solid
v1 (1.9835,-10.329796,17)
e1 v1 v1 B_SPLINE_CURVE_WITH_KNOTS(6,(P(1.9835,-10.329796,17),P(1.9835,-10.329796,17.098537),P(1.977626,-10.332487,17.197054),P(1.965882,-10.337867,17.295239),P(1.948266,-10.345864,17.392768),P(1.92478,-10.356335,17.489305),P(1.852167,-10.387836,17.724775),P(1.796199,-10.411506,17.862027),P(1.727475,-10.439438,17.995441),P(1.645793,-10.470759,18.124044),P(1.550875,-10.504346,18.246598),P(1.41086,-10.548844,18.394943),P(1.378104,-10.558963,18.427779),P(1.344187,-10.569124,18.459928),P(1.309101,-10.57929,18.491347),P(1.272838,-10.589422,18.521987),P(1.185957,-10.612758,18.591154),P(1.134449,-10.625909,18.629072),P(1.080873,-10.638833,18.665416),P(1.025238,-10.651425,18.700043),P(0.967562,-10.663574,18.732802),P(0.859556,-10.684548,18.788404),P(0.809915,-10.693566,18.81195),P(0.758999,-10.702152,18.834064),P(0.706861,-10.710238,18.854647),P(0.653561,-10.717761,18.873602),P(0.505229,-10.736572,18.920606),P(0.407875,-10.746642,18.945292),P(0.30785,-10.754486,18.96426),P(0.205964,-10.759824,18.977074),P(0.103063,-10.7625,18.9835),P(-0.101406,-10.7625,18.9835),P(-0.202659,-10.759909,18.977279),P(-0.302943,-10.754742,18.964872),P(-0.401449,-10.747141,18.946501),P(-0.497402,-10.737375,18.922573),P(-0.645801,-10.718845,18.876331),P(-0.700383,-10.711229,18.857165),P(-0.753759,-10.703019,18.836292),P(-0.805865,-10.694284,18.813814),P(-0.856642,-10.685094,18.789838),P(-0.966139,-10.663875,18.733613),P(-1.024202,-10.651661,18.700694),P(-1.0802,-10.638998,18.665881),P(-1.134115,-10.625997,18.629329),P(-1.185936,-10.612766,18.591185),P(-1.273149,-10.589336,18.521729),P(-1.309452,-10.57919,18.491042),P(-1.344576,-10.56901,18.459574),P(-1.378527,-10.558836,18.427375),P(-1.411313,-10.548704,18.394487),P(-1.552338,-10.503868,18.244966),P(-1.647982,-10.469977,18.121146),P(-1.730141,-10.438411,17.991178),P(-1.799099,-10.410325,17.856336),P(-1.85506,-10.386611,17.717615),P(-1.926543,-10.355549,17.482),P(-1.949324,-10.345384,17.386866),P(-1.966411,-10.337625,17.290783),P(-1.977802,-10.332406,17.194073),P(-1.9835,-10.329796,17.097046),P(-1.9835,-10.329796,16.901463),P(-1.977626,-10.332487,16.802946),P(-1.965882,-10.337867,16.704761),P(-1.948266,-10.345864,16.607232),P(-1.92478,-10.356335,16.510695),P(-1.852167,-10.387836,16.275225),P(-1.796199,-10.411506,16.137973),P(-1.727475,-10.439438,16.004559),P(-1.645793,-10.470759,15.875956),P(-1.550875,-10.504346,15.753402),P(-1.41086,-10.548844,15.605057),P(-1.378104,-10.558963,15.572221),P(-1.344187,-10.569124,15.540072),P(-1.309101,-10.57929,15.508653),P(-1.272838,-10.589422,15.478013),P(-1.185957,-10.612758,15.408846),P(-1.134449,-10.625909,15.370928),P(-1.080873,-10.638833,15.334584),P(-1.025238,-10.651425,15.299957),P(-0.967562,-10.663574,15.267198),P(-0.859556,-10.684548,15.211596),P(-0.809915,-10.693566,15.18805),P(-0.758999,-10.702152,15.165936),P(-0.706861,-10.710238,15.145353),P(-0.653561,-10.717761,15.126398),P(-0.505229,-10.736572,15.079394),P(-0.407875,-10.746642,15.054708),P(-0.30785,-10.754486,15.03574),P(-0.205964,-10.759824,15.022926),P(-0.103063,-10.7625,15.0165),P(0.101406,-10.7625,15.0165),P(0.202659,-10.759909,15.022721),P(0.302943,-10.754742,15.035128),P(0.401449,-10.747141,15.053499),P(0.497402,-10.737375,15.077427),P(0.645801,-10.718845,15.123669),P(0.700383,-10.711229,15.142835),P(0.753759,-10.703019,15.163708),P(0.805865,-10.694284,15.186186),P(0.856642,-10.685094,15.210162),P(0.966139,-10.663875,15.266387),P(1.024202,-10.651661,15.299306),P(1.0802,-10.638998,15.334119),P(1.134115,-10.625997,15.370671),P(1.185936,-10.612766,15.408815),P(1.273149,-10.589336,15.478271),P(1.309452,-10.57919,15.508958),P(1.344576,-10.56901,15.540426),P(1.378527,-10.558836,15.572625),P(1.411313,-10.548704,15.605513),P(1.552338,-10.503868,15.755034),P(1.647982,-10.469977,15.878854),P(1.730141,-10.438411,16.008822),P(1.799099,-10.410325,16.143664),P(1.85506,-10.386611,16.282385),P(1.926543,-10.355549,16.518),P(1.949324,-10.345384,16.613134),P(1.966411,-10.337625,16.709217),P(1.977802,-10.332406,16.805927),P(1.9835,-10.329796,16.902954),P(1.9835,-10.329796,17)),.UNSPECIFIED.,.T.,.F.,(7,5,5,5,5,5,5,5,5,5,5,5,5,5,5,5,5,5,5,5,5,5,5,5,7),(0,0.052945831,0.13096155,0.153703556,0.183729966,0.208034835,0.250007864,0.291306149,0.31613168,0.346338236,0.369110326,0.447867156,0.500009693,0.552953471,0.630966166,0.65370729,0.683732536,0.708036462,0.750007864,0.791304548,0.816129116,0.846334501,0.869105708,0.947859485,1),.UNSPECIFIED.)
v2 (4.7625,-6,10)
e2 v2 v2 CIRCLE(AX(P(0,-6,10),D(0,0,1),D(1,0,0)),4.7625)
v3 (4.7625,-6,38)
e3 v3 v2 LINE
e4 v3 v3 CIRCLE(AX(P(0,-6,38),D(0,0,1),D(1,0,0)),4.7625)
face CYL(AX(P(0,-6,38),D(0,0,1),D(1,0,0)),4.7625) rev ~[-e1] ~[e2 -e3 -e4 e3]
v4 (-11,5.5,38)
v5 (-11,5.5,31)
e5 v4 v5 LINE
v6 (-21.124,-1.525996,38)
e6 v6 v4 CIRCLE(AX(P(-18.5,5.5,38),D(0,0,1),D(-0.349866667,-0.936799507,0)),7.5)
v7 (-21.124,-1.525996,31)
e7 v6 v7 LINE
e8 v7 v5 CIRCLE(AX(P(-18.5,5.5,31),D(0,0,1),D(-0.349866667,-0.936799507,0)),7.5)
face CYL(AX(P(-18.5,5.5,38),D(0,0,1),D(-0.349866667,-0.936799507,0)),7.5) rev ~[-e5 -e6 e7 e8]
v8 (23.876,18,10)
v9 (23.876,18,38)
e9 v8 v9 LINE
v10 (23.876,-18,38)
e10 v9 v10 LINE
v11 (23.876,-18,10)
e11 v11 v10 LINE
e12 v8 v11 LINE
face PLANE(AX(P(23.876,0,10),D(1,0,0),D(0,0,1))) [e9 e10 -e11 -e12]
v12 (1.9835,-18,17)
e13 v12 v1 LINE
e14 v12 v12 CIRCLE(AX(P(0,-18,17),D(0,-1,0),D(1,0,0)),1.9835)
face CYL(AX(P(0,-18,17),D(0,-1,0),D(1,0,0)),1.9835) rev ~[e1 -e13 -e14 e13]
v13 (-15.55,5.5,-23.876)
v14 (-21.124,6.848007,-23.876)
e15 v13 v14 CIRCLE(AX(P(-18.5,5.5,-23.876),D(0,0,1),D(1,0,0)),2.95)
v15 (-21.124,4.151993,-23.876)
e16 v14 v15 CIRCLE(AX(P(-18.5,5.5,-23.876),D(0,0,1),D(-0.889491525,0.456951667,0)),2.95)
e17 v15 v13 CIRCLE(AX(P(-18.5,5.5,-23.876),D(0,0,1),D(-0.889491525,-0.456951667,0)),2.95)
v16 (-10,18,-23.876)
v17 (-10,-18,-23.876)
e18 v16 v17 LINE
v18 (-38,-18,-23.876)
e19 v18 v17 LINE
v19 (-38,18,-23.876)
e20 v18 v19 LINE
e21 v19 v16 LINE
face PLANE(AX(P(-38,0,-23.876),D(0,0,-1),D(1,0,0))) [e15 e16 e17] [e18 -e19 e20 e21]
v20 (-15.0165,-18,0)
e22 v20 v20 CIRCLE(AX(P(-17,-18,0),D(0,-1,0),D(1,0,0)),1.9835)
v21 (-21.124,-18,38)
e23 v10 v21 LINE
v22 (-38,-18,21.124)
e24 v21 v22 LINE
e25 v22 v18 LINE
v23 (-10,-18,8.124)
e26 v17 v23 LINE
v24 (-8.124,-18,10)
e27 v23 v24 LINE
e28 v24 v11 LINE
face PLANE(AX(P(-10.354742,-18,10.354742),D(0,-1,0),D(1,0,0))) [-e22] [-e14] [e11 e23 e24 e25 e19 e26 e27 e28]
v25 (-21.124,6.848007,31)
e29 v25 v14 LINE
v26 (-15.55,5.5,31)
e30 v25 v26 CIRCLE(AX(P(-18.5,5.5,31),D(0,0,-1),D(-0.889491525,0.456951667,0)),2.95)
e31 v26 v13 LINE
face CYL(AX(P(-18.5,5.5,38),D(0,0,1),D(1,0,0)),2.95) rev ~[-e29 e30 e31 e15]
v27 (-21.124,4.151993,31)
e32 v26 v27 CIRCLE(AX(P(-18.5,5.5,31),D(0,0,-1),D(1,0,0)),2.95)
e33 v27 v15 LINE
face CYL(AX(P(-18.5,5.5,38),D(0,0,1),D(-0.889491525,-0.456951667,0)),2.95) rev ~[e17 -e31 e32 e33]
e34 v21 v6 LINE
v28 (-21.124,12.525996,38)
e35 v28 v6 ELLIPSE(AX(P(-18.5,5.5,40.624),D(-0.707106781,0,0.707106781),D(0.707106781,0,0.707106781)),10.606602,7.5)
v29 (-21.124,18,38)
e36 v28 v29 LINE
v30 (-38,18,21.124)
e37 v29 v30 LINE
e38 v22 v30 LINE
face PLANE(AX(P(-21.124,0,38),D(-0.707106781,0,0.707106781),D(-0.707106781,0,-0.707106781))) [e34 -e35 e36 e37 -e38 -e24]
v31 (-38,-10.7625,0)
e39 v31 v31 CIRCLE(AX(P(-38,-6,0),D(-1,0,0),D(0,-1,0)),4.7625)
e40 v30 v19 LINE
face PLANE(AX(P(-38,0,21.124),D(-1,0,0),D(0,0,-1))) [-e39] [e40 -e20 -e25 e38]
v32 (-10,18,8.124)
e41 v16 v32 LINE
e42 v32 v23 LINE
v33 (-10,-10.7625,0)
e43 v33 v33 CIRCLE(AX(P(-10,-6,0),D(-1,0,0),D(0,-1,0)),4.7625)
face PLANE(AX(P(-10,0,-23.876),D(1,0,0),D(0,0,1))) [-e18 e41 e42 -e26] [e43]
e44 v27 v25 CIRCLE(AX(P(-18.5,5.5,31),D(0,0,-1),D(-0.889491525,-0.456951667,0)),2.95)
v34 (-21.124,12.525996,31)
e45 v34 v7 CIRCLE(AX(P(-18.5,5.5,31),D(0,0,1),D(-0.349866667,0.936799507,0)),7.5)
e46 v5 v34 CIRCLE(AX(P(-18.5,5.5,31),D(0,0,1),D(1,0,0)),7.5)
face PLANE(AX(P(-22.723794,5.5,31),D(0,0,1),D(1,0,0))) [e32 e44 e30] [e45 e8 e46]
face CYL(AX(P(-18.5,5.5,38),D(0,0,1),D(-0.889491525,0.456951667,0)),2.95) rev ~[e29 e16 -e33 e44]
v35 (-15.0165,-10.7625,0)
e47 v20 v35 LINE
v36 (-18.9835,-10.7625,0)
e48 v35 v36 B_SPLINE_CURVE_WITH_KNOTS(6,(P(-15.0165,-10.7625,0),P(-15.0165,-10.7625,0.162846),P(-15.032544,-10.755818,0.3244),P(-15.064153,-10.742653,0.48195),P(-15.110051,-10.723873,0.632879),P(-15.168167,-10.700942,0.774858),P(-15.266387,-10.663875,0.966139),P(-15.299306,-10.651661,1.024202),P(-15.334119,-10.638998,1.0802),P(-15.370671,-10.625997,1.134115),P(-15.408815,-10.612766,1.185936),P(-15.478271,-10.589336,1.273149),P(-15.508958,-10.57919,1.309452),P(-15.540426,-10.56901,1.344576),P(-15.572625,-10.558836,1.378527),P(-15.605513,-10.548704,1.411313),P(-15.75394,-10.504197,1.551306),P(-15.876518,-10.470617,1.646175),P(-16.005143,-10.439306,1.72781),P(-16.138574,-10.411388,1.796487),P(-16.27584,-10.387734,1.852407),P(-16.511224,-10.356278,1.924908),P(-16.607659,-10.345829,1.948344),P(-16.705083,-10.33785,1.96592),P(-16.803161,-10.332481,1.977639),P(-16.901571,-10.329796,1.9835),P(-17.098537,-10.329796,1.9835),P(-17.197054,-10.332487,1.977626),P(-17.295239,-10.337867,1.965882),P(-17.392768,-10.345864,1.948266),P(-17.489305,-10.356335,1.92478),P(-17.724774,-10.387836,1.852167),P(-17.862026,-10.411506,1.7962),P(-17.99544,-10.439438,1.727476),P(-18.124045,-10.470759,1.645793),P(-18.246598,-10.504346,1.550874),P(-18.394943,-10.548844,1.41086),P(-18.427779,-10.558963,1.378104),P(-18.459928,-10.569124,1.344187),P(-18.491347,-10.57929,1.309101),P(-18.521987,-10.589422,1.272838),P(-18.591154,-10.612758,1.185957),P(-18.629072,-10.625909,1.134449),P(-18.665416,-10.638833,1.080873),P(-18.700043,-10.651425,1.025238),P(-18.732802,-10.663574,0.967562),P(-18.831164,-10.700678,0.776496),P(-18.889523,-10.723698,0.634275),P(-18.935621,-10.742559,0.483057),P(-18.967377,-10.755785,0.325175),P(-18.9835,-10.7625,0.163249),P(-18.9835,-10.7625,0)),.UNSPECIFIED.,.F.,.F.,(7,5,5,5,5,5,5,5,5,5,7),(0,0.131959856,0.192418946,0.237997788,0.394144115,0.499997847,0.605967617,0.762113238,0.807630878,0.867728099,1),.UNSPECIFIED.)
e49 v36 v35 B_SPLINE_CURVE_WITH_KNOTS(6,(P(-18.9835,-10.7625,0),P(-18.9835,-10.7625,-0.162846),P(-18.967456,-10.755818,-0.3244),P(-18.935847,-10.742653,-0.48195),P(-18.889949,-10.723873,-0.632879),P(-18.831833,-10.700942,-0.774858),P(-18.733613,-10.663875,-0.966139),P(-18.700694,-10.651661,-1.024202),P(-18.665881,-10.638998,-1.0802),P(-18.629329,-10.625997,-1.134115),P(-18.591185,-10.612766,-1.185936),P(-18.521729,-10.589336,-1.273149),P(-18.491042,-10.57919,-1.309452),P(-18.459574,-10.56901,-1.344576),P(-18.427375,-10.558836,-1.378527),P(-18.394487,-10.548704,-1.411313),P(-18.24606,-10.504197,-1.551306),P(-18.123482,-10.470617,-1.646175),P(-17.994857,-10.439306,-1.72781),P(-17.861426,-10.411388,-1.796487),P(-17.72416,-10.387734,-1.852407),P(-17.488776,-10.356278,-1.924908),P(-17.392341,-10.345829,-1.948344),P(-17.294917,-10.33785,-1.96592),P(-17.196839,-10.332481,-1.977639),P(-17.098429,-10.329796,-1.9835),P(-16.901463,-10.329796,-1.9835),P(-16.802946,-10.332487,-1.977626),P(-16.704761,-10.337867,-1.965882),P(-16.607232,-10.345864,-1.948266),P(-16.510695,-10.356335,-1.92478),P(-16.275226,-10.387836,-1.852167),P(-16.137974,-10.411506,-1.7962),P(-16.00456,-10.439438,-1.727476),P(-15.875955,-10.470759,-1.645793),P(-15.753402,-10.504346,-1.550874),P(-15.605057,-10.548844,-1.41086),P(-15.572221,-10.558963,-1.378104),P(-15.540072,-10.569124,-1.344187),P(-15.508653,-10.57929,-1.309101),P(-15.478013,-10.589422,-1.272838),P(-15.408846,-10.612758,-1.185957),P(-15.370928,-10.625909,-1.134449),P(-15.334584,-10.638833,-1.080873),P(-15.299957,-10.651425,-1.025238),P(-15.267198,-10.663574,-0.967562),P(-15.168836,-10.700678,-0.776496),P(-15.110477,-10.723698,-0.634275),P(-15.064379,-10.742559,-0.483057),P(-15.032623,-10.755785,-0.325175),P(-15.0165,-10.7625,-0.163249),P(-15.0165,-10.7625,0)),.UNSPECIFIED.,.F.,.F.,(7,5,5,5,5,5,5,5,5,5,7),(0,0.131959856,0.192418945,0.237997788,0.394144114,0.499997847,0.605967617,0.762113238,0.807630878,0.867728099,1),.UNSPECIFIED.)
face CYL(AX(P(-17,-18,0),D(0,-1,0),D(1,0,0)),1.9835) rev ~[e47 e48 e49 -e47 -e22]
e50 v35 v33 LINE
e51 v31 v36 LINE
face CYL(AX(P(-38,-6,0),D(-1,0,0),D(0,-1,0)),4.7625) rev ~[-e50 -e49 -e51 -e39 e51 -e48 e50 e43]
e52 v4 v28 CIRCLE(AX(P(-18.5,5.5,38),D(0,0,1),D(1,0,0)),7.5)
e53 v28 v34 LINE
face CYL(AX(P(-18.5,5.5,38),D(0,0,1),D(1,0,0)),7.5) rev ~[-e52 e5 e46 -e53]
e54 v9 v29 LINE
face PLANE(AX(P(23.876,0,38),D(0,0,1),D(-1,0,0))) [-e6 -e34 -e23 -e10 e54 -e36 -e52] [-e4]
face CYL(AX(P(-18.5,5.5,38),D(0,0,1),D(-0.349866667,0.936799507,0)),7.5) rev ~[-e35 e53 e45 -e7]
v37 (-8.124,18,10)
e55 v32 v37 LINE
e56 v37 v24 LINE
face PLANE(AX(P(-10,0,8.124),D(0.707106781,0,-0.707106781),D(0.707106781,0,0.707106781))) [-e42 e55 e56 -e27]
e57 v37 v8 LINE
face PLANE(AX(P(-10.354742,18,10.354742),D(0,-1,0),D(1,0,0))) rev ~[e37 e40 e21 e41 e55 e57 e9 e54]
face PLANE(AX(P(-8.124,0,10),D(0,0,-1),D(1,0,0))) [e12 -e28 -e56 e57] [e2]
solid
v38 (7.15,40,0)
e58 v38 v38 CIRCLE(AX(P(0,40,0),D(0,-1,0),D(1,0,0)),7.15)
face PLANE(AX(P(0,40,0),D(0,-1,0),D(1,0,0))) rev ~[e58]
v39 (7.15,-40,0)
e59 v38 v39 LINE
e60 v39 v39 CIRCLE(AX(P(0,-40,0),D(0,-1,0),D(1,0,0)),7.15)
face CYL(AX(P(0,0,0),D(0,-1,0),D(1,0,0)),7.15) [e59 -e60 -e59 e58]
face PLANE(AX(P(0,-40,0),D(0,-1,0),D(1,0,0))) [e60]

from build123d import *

# Parameters (mm, degrees)
F1_DEPTH      = 18
F1_DEPTH_BACK = 18
F2_R          = 4.7625
F3_DEPTH      = 28
F0_R          = 7.15
F4_DEPTH      = 40
F4_DEPTH_BACK = 40
F5_R          = 4.7625
F6_DEPTH      = 28
F8_R          = 1.9835
F9_DEPTH      = 7.6712040309
F10_DEPTH     = 61.877
F11_DEPTH     = 7


with BuildPart() as f1:
    # F0 (on Front) → F1 (new body, two sides)
    with BuildSketch(Plane.XZ) as f1_sk:
        Polygon((-38, -23.876), (-10, -23.876), (-10, 8.124), (-8.124, 10), (23.876, 10), (23.876, 38), (-21.124, 38), (-38, 21.124), align=None)
    extrude(amount=F1_DEPTH)
    extrude(f1_sk.sketch, amount=-F1_DEPTH_BACK)

    # F2 (on face) → F3 (cut, through all)
    with BuildSketch(Plane(origin=(-38, 0, 0), x_dir=(0, -1, 0), z_dir=(-1, 0, 0))):
        with Locations((6, 0)):
            Circle(F2_R)
    extrude(amount=-F3_DEPTH, mode=Mode.SUBTRACT)

    # F5 (on face) → F6 (cut, through all)
    with BuildSketch(Plane.XY.offset(38)):
        with Locations((0, -6)):
            Circle(F5_R)
    extrude(amount=-F6_DEPTH, mode=Mode.SUBTRACT)

    # F8 (on face) → F9 (cut, through all)
    with BuildSketch(Plane.XZ.offset(18)):
        with Locations((-17, 0)):
            Circle(F8_R)
        with Locations((0, 17)):
            Circle(F8_R)
    extrude(amount=-F9_DEPTH, mode=Mode.SUBTRACT)

    # F7 (on face) → F10 (cut, through all)
    with BuildSketch(Plane.XY.offset(38)):
        with BuildLine():
            Line((-21.124, 4.1519925816), (-21.124, 6.8480074184))
            ThreePointArc((-21.124, 6.8480074184), (-21.45, 5.5), (-21.124, 4.1519925816))
        make_face()
        with BuildLine():
            ThreePointArc((-15.55, 5.5), (-17.8065665136, 8.3673419747), (-21.124, 6.8480074184))
            Line((-21.124, 6.8480074184), (-21.124, 4.1519925816))
            ThreePointArc((-21.124, 4.1519925816), (-17.8065665136, 2.6326580253), (-15.55, 5.5))
        make_face()
    extrude(amount=-F10_DEPTH, mode=Mode.SUBTRACT)

    # F7 (on face) → F11 (cut)
    with BuildSketch(Plane.XY.offset(38)):
        with BuildLine():
            Line((-21.124, 6.8480074184), (-21.124, 12.5259962995))
            ThreePointArc((-21.124, 12.5259962995), (-26, 5.5), (-21.124, -1.5259962995))
            Line((-21.124, -1.5259962995), (-21.124, 4.1519925816))
            ThreePointArc((-21.124, 4.1519925816), (-21.45, 5.5), (-21.124, 6.8480074184))
        make_face()
        with BuildLine():
            ThreePointArc((-21.124, -1.5259962995), (-14.2239036494, -0.6615744741), (-11, 5.5))
            ThreePointArc((-11, 5.5), (-14.2239036494, 11.6615744741), (-21.124, 12.5259962995))
            Line((-21.124, 12.5259962995), (-21.124, 6.8480074184))
            ThreePointArc((-21.124, 6.8480074184), (-17.8065665136, 8.3673419747), (-15.55, 5.5))
            ThreePointArc((-15.55, 5.5), (-17.8065665136, 2.6326580253), (-21.124, 4.1519925816))
            Line((-21.124, 4.1519925816), (-21.124, -1.5259962995))
        make_face()
    extrude(amount=-F11_DEPTH, mode=Mode.SUBTRACT)


with BuildPart() as f4:
    # F0 (on Front) → F4 (new body, two sides)
    with BuildSketch(Plane.XZ) as f4_sk:
        Circle(F0_R)
    extrude(amount=F4_DEPTH)
    extrude(f4_sk.sketch, amount=-F4_DEPTH_BACK)


solid = Compound([f1.part, f4.part])
